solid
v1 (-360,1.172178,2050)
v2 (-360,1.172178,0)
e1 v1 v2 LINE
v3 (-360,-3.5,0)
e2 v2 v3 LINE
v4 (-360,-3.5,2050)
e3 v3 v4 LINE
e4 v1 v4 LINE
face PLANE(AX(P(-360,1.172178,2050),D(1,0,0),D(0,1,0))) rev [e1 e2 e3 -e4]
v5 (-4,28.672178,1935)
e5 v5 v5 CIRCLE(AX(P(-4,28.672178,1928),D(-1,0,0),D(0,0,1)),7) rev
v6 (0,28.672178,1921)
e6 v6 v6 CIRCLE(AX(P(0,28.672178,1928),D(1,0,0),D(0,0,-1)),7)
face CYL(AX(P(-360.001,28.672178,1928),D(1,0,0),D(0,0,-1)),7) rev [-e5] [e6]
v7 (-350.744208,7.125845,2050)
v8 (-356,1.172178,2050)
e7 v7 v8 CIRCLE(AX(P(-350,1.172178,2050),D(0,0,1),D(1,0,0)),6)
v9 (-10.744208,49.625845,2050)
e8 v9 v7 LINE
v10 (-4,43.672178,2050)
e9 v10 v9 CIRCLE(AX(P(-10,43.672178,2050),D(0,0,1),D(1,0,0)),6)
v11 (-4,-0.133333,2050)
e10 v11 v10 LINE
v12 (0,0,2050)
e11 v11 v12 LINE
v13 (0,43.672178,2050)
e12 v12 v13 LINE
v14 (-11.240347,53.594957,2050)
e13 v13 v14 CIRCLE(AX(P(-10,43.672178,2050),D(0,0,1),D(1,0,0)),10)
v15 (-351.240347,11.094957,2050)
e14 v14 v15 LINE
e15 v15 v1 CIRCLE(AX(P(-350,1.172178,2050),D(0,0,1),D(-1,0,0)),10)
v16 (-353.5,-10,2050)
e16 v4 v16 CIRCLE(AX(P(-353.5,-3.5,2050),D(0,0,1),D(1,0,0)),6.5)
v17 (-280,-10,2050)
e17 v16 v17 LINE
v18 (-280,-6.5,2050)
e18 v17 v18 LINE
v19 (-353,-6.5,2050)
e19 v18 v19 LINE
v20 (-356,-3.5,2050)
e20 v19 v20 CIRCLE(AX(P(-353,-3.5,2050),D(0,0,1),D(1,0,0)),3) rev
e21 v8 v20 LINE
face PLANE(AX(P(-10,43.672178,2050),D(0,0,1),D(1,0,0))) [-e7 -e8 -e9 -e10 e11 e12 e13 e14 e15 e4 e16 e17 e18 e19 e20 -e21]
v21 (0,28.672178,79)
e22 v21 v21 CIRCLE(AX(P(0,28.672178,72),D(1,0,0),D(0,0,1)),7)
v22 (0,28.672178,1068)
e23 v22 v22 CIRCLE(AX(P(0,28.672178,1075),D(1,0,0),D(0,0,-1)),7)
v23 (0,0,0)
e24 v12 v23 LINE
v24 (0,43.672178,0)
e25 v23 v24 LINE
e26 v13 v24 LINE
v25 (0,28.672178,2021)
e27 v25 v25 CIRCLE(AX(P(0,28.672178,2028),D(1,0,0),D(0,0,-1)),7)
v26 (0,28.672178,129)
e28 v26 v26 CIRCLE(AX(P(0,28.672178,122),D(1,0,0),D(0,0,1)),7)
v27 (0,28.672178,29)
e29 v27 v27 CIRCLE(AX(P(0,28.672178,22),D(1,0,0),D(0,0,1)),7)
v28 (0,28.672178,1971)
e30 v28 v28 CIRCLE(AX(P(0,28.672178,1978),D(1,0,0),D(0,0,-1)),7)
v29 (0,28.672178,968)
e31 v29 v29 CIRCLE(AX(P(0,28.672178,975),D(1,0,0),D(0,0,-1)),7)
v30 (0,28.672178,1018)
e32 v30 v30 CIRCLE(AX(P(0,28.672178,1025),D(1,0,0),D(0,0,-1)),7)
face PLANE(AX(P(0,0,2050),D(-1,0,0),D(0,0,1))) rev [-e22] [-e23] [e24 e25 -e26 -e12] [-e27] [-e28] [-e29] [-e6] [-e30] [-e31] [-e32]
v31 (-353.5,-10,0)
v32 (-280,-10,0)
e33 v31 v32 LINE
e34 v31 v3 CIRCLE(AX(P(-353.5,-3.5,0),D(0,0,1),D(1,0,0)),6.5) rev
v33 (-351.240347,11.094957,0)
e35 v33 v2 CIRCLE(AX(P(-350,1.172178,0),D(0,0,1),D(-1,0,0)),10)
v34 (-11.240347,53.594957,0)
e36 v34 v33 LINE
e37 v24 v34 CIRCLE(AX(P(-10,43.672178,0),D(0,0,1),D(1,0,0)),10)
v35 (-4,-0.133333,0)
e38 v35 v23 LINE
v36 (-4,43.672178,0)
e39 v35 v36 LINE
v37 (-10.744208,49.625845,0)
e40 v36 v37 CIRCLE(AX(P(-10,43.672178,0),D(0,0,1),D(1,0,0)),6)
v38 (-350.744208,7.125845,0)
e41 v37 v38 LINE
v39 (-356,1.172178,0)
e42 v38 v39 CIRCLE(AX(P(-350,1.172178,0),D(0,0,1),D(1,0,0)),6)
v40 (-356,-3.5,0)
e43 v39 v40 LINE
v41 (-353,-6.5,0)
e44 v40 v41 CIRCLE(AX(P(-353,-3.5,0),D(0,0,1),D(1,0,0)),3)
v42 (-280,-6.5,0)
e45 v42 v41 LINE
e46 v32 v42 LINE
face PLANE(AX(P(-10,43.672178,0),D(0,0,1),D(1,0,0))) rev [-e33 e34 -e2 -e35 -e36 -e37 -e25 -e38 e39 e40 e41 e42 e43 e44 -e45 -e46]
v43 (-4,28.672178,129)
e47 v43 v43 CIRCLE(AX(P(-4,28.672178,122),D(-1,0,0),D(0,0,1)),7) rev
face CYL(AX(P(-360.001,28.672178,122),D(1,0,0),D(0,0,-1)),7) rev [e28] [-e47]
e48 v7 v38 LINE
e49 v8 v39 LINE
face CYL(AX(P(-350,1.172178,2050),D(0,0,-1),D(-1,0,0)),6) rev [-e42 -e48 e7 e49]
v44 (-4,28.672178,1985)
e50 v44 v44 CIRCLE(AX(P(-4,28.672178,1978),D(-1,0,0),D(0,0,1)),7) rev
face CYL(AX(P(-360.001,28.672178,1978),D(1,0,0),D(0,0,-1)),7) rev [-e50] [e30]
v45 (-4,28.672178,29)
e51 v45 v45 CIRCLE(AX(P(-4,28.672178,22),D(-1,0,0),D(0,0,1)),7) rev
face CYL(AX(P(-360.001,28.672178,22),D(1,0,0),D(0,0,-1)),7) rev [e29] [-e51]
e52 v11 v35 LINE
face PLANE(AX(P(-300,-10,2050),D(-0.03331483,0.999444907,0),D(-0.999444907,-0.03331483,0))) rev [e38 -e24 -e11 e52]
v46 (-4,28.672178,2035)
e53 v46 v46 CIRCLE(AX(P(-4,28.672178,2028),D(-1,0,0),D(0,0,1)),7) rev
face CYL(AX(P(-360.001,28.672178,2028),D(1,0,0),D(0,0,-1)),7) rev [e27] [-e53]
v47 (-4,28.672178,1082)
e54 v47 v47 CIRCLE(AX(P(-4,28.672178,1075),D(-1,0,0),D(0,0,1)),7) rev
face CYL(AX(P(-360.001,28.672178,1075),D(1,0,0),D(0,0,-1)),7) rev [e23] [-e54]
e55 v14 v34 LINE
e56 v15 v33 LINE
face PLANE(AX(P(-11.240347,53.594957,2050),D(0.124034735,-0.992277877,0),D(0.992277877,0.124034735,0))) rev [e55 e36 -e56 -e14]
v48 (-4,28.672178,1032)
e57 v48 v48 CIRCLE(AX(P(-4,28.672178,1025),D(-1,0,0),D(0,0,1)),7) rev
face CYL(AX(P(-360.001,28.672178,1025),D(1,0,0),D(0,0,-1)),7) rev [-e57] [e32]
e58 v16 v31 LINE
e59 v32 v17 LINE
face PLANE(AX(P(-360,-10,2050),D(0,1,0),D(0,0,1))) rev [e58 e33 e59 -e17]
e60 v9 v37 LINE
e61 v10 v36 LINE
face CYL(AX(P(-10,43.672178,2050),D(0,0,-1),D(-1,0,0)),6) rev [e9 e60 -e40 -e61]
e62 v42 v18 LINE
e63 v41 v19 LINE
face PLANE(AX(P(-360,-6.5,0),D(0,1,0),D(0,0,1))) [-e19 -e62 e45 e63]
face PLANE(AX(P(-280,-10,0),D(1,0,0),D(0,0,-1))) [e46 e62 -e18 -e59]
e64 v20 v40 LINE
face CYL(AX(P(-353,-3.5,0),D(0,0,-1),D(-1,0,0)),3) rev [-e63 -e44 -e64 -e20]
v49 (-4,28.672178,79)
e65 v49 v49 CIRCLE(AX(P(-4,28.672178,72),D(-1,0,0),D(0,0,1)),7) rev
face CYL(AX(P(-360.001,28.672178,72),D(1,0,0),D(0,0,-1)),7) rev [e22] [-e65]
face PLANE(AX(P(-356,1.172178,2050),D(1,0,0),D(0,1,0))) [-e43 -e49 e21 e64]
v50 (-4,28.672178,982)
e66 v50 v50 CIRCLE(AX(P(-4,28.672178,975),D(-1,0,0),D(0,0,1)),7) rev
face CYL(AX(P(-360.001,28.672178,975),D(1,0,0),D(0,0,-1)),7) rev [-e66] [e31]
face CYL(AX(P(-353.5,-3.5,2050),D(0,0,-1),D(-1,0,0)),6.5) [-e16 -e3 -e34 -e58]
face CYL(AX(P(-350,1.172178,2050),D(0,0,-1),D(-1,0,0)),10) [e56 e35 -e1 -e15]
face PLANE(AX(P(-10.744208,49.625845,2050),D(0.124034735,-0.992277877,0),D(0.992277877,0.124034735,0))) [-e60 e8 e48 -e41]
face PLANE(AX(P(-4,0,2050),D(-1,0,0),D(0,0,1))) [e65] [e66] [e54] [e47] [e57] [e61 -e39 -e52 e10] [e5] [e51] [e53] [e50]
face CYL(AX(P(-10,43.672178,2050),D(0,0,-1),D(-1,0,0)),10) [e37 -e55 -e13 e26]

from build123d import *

# Parameters (mm, degrees)
EXTRUDE_1_DEPTH     = 2050
SHELL_1_T           = -4
CUT_EXTRUDE_1_REACH = 362
SKETCH_2_R          = 7
SKETCH_3_W          = 80
SKETCH_3_H          = 3.5
EXTRUDE_2_DEPTH     = 2050
FILLET_1_R          = 3
FILLET_2_R          = 6.5


with BuildPart() as part:
    # 草图1 → 凸台-拉伸1 (new body)
    with BuildSketch(Plane.XY):
        with BuildLine():
            Line((0, 0), (0, 43.672177815))
            ThreePointArc((0, 43.672177815), (-3.381974368, 51.168959573), (-11.240347346, 53.594956582))
            Line((-11.240347346, 53.594956582), (-351.240347346, 11.094956582))
            ThreePointArc((-351.240347346, 11.094956582), (-357.496781758, 7.790203447), (-360, 1.172177815))
            Line((-360, 1.172177815), (-360, -10))
            Line((-360, -10), (-300, -10))
            Line((-300, -10), (0, 0))
        make_face()
    extrude(amount=EXTRUDE_1_DEPTH)

    # 抽壳1
    shell_1_openings = [part.faces().sort_by_distance(p)[0] for p in [
        (-197.44558621, 13.389471059, 2050),
        (-330, -10, 1025),
        (-150, -5, 1025),
        (-197.44558621, 13.389471059, 0),
    ]]
    offset(amount=SHELL_1_T, openings=shell_1_openings, kind=Kind.INTERSECTION)

    # 草图2 → 切除-拉伸1 (cut, up to next)
    with BuildSketch(Plane(origin=(0, 0, 0), x_dir=(0, 0, -1), z_dir=(1, 0, 0)), mode=Mode.PRIVATE) as cut_extrude_1_sk1:
        with Locations((-2028, 28.672177815)):
            Circle(SKETCH_2_R)
    cut_extrude_1_tool1 = extrude(cut_extrude_1_sk1.sketch, amount=-CUT_EXTRUDE_1_REACH, mode=Mode.PRIVATE) & part.part
    add(cut_extrude_1_tool1.solids().sort_by_distance((0, 28.672178, 2028))[0], mode=Mode.SUBTRACT)
    # 草图2 → 切除-拉伸1 (cut, up to next)
    with BuildSketch(Plane(origin=(0, 0, 0), x_dir=(0, 0, -1), z_dir=(1, 0, 0)), mode=Mode.PRIVATE) as cut_extrude_1_sk2:
        with Locations((-1978, 28.672177815)):
            Circle(SKETCH_2_R)
    cut_extrude_1_tool2 = extrude(cut_extrude_1_sk2.sketch, amount=-CUT_EXTRUDE_1_REACH, mode=Mode.PRIVATE) & part.part
    add(cut_extrude_1_tool2.solids().sort_by_distance((0, 28.672178, 1978))[0], mode=Mode.SUBTRACT)
    # 草图2 → 切除-拉伸1 (cut, up to next)
    with BuildSketch(Plane(origin=(0, 0, 0), x_dir=(0, 0, -1), z_dir=(1, 0, 0)), mode=Mode.PRIVATE) as cut_extrude_1_sk3:
        with Locations((-1928, 28.672177815)):
            Circle(SKETCH_2_R)
    cut_extrude_1_tool3 = extrude(cut_extrude_1_sk3.sketch, amount=-CUT_EXTRUDE_1_REACH, mode=Mode.PRIVATE) & part.part
    add(cut_extrude_1_tool3.solids().sort_by_distance((0, 28.672178, 1928))[0], mode=Mode.SUBTRACT)
    # 草图2 → 切除-拉伸1 (cut, up to next)
    with BuildSketch(Plane(origin=(0, 0, 0), x_dir=(0, 0, -1), z_dir=(1, 0, 0)), mode=Mode.PRIVATE) as cut_extrude_1_sk4:
        with Locations((-122, 28.672177815)):
            Circle(SKETCH_2_R)
    cut_extrude_1_tool4 = extrude(cut_extrude_1_sk4.sketch, amount=-CUT_EXTRUDE_1_REACH, mode=Mode.PRIVATE) & part.part
    add(cut_extrude_1_tool4.solids().sort_by_distance((0, 28.672178, 122))[0], mode=Mode.SUBTRACT)
    # 草图2 → 切除-拉伸1 (cut, up to next)
    with BuildSketch(Plane(origin=(0, 0, 0), x_dir=(0, 0, -1), z_dir=(1, 0, 0)), mode=Mode.PRIVATE) as cut_extrude_1_sk5:
        with Locations((-72, 28.672177815)):
            Circle(SKETCH_2_R)
    cut_extrude_1_tool5 = extrude(cut_extrude_1_sk5.sketch, amount=-CUT_EXTRUDE_1_REACH, mode=Mode.PRIVATE) & part.part
    add(cut_extrude_1_tool5.solids().sort_by_distance((0, 28.672178, 72))[0], mode=Mode.SUBTRACT)
    # 草图2 → 切除-拉伸1 (cut, up to next)
    with BuildSketch(Plane(origin=(0, 0, 0), x_dir=(0, 0, -1), z_dir=(1, 0, 0)), mode=Mode.PRIVATE) as cut_extrude_1_sk6:
        with Locations((-22, 28.672177815)):
            Circle(SKETCH_2_R)
    cut_extrude_1_tool6 = extrude(cut_extrude_1_sk6.sketch, amount=-CUT_EXTRUDE_1_REACH, mode=Mode.PRIVATE) & part.part
    add(cut_extrude_1_tool6.solids().sort_by_distance((0, 28.672178, 22))[0], mode=Mode.SUBTRACT)
    # 草图2 → 切除-拉伸1 (cut, up to next)
    with BuildSketch(Plane(origin=(0, 0, 0), x_dir=(0, 0, -1), z_dir=(1, 0, 0)), mode=Mode.PRIVATE) as cut_extrude_1_sk7:
        with Locations((-1025, 28.672177815)):
            Circle(SKETCH_2_R)
    cut_extrude_1_tool7 = extrude(cut_extrude_1_sk7.sketch, amount=-CUT_EXTRUDE_1_REACH, mode=Mode.PRIVATE) & part.part
    add(cut_extrude_1_tool7.solids().sort_by_distance((0, 28.672178, 1025))[0], mode=Mode.SUBTRACT)
    # 草图2 → 切除-拉伸1 (cut, up to next)
    with BuildSketch(Plane(origin=(0, 0, 0), x_dir=(0, 0, -1), z_dir=(1, 0, 0)), mode=Mode.PRIVATE) as cut_extrude_1_sk8:
        with Locations((-1075, 28.672177815)):
            Circle(SKETCH_2_R)
    cut_extrude_1_tool8 = extrude(cut_extrude_1_sk8.sketch, amount=-CUT_EXTRUDE_1_REACH, mode=Mode.PRIVATE) & part.part
    add(cut_extrude_1_tool8.solids().sort_by_distance((0, 28.672178, 1075))[0], mode=Mode.SUBTRACT)
    # 草图2 → 切除-拉伸1 (cut, up to next)
    with BuildSketch(Plane(origin=(0, 0, 0), x_dir=(0, 0, -1), z_dir=(1, 0, 0)), mode=Mode.PRIVATE) as cut_extrude_1_sk9:
        with Locations((-975, 28.672177815)):
            Circle(SKETCH_2_R)
    cut_extrude_1_tool9 = extrude(cut_extrude_1_sk9.sketch, amount=-CUT_EXTRUDE_1_REACH, mode=Mode.PRIVATE) & part.part
    add(cut_extrude_1_tool9.solids().sort_by_distance((0, 28.672178, 975))[0], mode=Mode.SUBTRACT)

    # 草图3 → 凸台-拉伸2 (add)
    with BuildSketch(Plane.XY.offset(2050)):
        with Locations((-320, -8.25)):
            Rectangle(SKETCH_3_W, SKETCH_3_H)
    extrude(amount=-EXTRUDE_2_DEPTH)

    # 圆角1
    fillet_1_edges = [part.edges().sort_by_distance(p)[0] for p in [
        (-356, -6.5, 1025),
    ]]
    fillet(fillet_1_edges, radius=FILLET_1_R)

    # 圆角2
    fillet_2_edges = [part.edges().sort_by_distance(p)[0] for p in [
        (-360, -10, 1025),
    ]]
    fillet(fillet_2_edges, radius=FILLET_2_R)


solid = part.part
